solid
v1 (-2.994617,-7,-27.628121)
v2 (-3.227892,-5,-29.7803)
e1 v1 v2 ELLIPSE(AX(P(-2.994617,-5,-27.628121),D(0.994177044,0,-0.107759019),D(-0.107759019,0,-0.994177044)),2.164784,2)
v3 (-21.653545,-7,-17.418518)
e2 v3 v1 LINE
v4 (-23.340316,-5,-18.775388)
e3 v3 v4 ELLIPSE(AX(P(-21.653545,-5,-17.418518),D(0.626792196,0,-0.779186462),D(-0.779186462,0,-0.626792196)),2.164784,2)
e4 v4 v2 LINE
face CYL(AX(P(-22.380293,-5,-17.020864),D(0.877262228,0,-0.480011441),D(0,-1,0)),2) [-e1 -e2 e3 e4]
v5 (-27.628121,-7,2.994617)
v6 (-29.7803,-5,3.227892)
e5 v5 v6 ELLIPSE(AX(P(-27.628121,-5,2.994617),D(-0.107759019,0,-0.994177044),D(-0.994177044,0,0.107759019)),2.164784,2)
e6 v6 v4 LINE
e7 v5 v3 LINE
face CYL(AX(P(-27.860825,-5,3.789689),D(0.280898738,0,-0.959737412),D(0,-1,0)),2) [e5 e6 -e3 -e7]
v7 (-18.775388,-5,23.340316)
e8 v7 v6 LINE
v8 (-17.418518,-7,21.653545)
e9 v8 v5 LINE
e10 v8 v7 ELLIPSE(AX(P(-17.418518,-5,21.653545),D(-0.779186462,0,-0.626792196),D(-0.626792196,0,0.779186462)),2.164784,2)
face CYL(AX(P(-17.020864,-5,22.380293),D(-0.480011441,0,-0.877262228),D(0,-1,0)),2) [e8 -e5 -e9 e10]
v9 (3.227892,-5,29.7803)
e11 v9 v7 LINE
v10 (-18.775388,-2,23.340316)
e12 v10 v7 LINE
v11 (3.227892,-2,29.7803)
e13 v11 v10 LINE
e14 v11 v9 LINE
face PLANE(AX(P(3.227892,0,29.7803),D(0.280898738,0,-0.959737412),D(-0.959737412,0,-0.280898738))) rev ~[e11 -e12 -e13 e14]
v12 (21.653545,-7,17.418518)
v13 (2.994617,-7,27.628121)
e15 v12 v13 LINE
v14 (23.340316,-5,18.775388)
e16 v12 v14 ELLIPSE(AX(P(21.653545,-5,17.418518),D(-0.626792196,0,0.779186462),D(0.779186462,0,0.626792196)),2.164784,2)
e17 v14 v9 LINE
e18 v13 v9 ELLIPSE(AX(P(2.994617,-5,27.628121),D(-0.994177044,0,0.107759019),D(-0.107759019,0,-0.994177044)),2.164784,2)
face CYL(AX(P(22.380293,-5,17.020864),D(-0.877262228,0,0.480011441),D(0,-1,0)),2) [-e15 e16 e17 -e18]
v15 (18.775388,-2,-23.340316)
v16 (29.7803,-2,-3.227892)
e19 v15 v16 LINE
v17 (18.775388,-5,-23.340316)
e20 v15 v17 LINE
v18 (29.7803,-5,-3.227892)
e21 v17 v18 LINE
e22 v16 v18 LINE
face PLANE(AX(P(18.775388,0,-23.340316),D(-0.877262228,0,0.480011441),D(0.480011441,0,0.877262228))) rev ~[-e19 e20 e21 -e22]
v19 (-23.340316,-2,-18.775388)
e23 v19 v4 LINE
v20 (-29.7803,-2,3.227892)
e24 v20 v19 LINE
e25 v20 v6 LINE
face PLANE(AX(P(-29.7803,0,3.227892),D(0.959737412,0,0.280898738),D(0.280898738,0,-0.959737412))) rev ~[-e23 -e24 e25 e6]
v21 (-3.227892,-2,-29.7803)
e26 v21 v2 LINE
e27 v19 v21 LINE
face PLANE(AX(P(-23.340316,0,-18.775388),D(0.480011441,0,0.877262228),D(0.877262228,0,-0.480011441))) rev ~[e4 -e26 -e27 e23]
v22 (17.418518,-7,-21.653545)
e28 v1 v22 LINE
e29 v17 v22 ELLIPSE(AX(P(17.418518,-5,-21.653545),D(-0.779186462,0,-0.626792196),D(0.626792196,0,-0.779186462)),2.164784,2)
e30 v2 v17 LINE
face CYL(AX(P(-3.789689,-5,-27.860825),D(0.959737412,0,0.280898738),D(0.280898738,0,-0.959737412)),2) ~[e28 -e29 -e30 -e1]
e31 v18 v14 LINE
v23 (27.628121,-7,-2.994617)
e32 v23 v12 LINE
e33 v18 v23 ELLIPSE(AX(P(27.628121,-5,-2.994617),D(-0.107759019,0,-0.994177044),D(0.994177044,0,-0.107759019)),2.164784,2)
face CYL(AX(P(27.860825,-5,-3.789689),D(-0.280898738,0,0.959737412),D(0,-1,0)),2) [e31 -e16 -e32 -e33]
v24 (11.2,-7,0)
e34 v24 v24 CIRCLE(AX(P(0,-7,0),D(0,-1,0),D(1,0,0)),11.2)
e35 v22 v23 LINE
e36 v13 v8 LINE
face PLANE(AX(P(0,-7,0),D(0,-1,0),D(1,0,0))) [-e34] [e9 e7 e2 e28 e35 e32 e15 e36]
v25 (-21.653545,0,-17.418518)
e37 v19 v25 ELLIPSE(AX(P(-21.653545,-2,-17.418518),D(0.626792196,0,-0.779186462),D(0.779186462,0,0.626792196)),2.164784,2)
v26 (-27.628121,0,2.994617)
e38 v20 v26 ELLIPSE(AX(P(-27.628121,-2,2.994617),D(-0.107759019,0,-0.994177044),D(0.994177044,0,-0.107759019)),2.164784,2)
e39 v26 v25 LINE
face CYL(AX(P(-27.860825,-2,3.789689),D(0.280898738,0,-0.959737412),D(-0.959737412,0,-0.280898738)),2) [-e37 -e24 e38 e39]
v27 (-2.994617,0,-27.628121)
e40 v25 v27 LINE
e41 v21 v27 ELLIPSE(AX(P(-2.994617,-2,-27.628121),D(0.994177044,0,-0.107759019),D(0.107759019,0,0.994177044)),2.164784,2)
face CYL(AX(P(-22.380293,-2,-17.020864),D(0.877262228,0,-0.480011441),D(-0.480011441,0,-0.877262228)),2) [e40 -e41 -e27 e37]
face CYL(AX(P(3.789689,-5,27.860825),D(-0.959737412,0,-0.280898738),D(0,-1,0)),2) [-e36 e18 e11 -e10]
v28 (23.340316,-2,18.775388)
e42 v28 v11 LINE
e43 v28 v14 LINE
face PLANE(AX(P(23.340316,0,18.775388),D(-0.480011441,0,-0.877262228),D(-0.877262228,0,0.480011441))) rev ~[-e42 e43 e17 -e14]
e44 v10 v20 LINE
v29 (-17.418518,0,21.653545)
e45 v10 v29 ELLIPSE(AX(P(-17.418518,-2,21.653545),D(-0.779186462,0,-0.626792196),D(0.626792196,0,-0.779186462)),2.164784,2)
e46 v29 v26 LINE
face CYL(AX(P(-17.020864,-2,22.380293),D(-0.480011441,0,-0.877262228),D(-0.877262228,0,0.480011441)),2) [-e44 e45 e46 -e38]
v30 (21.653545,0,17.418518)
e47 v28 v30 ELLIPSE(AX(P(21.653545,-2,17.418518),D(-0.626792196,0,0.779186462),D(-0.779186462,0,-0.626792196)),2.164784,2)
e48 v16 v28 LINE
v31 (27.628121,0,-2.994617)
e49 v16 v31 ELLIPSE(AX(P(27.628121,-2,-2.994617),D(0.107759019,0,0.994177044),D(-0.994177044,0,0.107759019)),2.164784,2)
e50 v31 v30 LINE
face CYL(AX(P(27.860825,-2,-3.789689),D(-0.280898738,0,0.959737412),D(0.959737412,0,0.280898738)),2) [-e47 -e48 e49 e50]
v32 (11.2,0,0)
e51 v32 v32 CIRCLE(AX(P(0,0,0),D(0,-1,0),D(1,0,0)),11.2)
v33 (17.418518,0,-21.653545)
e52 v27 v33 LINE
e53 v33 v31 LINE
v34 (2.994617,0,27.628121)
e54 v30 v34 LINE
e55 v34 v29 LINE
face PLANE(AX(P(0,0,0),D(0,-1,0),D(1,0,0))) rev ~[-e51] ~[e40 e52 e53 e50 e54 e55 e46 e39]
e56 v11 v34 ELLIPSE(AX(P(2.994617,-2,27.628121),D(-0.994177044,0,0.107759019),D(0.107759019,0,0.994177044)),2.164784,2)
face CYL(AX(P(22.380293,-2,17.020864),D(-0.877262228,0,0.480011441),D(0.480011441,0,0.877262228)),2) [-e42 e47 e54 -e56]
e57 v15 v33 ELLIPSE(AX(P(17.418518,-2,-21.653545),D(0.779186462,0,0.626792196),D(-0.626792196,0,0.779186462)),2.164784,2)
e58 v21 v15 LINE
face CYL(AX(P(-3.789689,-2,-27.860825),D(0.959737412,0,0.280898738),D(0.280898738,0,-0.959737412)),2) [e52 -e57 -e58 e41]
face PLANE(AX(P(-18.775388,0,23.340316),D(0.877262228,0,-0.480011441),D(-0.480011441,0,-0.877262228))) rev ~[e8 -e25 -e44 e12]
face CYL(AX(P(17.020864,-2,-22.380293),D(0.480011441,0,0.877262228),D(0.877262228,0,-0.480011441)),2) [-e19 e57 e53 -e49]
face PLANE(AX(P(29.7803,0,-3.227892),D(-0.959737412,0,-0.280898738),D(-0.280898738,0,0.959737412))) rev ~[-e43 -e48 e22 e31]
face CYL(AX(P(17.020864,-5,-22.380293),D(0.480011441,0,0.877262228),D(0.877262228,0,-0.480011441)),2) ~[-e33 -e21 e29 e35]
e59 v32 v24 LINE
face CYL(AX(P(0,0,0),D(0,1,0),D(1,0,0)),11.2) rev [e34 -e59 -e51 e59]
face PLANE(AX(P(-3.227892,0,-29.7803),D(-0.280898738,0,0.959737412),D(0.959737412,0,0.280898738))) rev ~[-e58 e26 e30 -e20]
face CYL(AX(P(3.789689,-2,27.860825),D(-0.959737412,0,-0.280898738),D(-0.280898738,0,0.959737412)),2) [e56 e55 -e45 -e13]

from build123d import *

# Parameters (mm, degrees)
F0_R     = 13.2
F0_R_2   = 11.2
F1_DEPTH = 7
F2_R     = 2
F3_R     = 2


with BuildPart() as f1:
    # F0 (on Front) → F1 (new body)
    with BuildSketch(Plane.XZ):
        Polygon((18.775388, -23.340316), (29.7803, -3.227892), (23.340316, 18.775388), (3.227892, 29.7803), (-18.775388, 23.340316), (-29.7803, 3.227892), (-23.340316, -18.775388), (-3.227892, -29.7803), align=None)
        Circle(F0_R, mode=Mode.SUBTRACT)
        Circle(F0_R)
        Circle(F0_R_2, mode=Mode.SUBTRACT)
    extrude(amount=F1_DEPTH)

    # F2
    f2_edges = [f1.edges().sort_by_distance(p)[0] for p in [
        (13.284104, 0, 24.277844),
        (26.560308, 0, 7.773748),
        (24.277844, 0, -13.284104),
        (7.773748, 0, -26.560308),
        (-13.284104, 0, -24.277844),
        (-26.560308, 0, -7.773748),
        (-24.277844, 0, 13.284104),
        (-7.773748, 0, 26.560308),
    ]]
    fillet(f2_edges, radius=F2_R)

    # F3
    f3_edges = [f1.edges().sort_by_distance(p)[0] for p in [
        (-7.773748, -7, 26.560308),
        (-24.277844, -7, 13.284104),
        (-26.560308, -7, -7.773748),
        (-13.284104, -7, -24.277844),
        (7.773748, -7, -26.560308),
        (24.277844, -7, -13.284104),
        (26.560308, -7, 7.773748),
        (13.284104, -7, 24.277844),
    ]]
    fillet(f3_edges, radius=F3_R)


solid = f1.part
